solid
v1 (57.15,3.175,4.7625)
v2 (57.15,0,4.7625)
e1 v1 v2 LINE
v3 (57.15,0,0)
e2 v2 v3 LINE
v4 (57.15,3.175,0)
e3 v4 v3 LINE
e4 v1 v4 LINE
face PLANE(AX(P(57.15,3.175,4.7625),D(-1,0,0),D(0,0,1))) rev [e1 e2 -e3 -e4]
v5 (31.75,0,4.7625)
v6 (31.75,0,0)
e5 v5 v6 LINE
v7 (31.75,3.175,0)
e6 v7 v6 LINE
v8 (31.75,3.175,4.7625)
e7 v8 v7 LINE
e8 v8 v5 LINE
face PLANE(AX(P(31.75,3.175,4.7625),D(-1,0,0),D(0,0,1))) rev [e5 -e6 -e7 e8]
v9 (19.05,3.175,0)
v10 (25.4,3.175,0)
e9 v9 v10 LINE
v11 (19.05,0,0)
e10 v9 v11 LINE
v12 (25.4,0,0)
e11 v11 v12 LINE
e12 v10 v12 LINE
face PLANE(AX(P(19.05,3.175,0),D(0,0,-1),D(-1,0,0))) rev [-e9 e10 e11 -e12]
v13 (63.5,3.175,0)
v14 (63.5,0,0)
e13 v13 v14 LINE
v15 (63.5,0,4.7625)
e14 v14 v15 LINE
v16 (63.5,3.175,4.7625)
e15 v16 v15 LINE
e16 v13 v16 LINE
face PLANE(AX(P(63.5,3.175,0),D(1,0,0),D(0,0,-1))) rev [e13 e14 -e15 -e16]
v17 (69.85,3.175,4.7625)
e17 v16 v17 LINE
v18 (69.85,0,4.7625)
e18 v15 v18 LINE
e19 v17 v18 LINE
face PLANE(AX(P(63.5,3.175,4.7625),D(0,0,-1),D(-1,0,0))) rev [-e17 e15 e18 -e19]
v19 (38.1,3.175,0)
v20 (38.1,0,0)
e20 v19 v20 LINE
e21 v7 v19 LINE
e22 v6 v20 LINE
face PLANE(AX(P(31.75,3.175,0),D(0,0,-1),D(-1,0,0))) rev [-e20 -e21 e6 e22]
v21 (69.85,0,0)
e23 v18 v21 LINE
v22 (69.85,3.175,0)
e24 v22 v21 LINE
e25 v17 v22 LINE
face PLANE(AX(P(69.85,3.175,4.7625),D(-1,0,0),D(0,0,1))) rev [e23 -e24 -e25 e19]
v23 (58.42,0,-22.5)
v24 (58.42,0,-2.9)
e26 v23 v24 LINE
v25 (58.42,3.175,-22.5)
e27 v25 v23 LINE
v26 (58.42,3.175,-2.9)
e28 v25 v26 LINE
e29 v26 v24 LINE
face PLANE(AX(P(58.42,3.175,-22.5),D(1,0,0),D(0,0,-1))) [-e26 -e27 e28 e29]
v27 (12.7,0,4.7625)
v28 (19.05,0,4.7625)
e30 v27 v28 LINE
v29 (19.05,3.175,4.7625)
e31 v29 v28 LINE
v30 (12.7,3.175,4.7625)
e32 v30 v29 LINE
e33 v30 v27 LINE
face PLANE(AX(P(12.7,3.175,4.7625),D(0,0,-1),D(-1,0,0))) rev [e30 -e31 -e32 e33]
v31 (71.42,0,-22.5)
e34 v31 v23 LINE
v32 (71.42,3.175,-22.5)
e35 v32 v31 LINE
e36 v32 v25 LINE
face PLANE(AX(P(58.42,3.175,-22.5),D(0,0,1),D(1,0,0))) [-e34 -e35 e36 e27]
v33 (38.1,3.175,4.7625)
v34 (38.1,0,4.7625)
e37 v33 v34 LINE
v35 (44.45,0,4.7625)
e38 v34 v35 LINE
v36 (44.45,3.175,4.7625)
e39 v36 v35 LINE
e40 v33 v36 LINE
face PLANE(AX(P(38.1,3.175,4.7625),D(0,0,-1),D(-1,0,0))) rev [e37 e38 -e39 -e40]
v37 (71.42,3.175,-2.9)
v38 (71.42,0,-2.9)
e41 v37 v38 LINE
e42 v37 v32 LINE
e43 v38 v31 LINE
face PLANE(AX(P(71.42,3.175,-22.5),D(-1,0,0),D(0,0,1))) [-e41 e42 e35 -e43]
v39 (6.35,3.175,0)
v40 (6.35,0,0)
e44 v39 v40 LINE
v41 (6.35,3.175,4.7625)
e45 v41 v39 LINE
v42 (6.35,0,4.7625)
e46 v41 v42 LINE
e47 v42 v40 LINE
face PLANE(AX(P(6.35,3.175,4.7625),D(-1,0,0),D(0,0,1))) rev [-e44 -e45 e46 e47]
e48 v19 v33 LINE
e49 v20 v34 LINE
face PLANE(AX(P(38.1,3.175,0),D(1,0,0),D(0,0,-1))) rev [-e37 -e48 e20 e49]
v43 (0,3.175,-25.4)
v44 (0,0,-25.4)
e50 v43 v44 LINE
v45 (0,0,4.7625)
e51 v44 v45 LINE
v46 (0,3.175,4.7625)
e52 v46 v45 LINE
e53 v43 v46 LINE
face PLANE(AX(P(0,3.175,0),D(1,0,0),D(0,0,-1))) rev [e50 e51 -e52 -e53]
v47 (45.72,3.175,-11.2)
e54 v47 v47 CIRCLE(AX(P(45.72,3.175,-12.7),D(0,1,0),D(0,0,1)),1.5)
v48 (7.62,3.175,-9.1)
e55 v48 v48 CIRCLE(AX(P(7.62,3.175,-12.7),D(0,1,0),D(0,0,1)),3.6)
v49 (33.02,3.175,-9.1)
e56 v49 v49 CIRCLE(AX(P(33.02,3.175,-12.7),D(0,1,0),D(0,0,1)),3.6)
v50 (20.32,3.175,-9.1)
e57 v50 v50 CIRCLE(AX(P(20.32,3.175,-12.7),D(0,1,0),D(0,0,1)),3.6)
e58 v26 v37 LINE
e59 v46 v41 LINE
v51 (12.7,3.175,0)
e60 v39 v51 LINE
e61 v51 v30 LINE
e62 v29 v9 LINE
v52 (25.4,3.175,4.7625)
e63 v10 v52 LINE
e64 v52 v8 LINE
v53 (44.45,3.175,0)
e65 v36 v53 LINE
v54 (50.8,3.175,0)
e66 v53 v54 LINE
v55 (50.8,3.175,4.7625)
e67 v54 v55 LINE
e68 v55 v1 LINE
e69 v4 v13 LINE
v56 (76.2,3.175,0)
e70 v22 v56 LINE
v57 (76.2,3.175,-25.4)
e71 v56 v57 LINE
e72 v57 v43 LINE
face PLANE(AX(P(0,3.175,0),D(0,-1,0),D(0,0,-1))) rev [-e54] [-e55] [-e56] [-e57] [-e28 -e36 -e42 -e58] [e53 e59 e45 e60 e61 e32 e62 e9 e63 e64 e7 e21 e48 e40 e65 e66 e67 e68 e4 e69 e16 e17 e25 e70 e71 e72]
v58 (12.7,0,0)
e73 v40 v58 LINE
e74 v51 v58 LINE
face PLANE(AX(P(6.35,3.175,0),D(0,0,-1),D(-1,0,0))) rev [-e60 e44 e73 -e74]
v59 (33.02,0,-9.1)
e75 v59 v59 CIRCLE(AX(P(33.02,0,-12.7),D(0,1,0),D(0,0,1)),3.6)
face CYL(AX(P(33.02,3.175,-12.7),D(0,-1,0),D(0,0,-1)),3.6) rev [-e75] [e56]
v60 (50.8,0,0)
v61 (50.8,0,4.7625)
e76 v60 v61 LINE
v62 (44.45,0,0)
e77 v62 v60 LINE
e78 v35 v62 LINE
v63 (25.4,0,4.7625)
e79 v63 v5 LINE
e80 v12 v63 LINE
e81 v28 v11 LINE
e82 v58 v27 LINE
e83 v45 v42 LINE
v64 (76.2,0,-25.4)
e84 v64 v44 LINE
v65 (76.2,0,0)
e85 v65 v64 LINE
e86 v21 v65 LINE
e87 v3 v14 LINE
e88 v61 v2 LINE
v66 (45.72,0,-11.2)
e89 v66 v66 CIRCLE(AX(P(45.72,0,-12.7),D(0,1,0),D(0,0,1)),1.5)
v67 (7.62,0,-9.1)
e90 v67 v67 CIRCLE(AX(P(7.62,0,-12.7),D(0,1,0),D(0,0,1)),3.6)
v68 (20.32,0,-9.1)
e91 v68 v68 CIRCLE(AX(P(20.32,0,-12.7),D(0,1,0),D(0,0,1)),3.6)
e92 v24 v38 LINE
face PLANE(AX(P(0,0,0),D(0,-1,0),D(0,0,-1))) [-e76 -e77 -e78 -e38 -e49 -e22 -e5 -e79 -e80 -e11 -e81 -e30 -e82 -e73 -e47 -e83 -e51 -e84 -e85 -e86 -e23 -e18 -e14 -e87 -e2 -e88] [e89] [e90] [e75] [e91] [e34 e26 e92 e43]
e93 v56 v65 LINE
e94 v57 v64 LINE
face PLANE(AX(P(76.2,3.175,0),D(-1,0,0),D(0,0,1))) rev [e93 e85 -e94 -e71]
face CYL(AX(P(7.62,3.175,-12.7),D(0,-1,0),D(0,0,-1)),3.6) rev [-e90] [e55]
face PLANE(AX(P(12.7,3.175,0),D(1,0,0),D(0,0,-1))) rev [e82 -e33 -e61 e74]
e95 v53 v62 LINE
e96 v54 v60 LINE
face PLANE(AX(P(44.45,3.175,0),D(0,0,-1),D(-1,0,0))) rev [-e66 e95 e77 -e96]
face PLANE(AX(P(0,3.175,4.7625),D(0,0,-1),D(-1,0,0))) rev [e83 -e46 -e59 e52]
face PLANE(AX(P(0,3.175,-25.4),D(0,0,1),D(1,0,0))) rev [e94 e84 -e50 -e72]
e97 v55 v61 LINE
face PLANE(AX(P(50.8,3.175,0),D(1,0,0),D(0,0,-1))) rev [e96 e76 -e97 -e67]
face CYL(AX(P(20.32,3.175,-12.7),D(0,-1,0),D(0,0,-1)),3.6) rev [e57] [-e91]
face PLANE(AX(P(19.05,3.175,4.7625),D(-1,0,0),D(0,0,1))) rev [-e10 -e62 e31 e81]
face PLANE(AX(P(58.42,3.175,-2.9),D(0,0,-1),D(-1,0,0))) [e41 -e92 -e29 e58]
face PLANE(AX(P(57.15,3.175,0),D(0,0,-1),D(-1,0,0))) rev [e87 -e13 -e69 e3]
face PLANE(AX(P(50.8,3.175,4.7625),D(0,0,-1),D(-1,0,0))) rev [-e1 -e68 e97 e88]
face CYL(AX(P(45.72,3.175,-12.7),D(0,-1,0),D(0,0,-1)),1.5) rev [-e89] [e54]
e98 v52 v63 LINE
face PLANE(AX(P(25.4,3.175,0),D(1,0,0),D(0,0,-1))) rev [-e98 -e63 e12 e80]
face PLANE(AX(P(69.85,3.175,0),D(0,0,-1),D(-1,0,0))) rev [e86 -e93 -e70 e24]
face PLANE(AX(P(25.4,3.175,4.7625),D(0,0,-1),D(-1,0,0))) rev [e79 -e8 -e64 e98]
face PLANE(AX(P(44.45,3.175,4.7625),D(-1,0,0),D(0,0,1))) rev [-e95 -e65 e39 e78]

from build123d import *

# Parameters (mm, degrees)
SKETCH1_R           = 3.6
SKETCH1_R_2         = 1.5
SKETCH1_W           = 13
SKETCH1_H           = 19.6
BOSS_EXTRUDE1_DEPTH = 3.175


with BuildPart() as part:
    # Sketch1 → Boss-Extrude1 (new body)
    with BuildSketch(Plane(origin=(0, 0, 0), x_dir=(1, 0, 0), z_dir=(0, 1, 0))):
        Polygon((0, 0), (0, -4.7625), (6.35, -4.7625), (6.35, 0), (12.7, 0), (12.7, -4.7625), (19.05, -4.7625), (19.05, 0), (25.4, 0), (25.4, -4.7625), (31.75, -4.7625), (31.75, 0), (38.1, 0), (38.1, -4.7625), (44.45, -4.7625), (44.45, 0), (50.8, 0), (50.8, -4.7625), (57.15, -4.7625), (57.15, 0), (63.5, 0), (63.5, -4.7625), (69.85, -4.7625), (69.85, 0), (76.2, 0), (76.2, 25.4), (0, 25.4), align=None)
        with Locations(Location((7.62, 12.7, 0), (0, 0, 270))):
            Circle(SKETCH1_R, mode=Mode.SUBTRACT)
        with Locations(Location((20.32, 12.7, 0), (0, 0, 270))):
            Circle(SKETCH1_R, mode=Mode.SUBTRACT)
        with Locations(Location((33.02, 12.7, 0), (0, 0, 270))):
            Circle(SKETCH1_R, mode=Mode.SUBTRACT)
        with Locations(Location((45.72, 12.7, 0), (0, 0, 270))):
            Circle(SKETCH1_R_2, mode=Mode.SUBTRACT)
        with Locations((64.92, 12.7)):
            Rectangle(SKETCH1_W, SKETCH1_H, mode=Mode.SUBTRACT)
    extrude(amount=BOSS_EXTRUDE1_DEPTH)


solid = part.part
